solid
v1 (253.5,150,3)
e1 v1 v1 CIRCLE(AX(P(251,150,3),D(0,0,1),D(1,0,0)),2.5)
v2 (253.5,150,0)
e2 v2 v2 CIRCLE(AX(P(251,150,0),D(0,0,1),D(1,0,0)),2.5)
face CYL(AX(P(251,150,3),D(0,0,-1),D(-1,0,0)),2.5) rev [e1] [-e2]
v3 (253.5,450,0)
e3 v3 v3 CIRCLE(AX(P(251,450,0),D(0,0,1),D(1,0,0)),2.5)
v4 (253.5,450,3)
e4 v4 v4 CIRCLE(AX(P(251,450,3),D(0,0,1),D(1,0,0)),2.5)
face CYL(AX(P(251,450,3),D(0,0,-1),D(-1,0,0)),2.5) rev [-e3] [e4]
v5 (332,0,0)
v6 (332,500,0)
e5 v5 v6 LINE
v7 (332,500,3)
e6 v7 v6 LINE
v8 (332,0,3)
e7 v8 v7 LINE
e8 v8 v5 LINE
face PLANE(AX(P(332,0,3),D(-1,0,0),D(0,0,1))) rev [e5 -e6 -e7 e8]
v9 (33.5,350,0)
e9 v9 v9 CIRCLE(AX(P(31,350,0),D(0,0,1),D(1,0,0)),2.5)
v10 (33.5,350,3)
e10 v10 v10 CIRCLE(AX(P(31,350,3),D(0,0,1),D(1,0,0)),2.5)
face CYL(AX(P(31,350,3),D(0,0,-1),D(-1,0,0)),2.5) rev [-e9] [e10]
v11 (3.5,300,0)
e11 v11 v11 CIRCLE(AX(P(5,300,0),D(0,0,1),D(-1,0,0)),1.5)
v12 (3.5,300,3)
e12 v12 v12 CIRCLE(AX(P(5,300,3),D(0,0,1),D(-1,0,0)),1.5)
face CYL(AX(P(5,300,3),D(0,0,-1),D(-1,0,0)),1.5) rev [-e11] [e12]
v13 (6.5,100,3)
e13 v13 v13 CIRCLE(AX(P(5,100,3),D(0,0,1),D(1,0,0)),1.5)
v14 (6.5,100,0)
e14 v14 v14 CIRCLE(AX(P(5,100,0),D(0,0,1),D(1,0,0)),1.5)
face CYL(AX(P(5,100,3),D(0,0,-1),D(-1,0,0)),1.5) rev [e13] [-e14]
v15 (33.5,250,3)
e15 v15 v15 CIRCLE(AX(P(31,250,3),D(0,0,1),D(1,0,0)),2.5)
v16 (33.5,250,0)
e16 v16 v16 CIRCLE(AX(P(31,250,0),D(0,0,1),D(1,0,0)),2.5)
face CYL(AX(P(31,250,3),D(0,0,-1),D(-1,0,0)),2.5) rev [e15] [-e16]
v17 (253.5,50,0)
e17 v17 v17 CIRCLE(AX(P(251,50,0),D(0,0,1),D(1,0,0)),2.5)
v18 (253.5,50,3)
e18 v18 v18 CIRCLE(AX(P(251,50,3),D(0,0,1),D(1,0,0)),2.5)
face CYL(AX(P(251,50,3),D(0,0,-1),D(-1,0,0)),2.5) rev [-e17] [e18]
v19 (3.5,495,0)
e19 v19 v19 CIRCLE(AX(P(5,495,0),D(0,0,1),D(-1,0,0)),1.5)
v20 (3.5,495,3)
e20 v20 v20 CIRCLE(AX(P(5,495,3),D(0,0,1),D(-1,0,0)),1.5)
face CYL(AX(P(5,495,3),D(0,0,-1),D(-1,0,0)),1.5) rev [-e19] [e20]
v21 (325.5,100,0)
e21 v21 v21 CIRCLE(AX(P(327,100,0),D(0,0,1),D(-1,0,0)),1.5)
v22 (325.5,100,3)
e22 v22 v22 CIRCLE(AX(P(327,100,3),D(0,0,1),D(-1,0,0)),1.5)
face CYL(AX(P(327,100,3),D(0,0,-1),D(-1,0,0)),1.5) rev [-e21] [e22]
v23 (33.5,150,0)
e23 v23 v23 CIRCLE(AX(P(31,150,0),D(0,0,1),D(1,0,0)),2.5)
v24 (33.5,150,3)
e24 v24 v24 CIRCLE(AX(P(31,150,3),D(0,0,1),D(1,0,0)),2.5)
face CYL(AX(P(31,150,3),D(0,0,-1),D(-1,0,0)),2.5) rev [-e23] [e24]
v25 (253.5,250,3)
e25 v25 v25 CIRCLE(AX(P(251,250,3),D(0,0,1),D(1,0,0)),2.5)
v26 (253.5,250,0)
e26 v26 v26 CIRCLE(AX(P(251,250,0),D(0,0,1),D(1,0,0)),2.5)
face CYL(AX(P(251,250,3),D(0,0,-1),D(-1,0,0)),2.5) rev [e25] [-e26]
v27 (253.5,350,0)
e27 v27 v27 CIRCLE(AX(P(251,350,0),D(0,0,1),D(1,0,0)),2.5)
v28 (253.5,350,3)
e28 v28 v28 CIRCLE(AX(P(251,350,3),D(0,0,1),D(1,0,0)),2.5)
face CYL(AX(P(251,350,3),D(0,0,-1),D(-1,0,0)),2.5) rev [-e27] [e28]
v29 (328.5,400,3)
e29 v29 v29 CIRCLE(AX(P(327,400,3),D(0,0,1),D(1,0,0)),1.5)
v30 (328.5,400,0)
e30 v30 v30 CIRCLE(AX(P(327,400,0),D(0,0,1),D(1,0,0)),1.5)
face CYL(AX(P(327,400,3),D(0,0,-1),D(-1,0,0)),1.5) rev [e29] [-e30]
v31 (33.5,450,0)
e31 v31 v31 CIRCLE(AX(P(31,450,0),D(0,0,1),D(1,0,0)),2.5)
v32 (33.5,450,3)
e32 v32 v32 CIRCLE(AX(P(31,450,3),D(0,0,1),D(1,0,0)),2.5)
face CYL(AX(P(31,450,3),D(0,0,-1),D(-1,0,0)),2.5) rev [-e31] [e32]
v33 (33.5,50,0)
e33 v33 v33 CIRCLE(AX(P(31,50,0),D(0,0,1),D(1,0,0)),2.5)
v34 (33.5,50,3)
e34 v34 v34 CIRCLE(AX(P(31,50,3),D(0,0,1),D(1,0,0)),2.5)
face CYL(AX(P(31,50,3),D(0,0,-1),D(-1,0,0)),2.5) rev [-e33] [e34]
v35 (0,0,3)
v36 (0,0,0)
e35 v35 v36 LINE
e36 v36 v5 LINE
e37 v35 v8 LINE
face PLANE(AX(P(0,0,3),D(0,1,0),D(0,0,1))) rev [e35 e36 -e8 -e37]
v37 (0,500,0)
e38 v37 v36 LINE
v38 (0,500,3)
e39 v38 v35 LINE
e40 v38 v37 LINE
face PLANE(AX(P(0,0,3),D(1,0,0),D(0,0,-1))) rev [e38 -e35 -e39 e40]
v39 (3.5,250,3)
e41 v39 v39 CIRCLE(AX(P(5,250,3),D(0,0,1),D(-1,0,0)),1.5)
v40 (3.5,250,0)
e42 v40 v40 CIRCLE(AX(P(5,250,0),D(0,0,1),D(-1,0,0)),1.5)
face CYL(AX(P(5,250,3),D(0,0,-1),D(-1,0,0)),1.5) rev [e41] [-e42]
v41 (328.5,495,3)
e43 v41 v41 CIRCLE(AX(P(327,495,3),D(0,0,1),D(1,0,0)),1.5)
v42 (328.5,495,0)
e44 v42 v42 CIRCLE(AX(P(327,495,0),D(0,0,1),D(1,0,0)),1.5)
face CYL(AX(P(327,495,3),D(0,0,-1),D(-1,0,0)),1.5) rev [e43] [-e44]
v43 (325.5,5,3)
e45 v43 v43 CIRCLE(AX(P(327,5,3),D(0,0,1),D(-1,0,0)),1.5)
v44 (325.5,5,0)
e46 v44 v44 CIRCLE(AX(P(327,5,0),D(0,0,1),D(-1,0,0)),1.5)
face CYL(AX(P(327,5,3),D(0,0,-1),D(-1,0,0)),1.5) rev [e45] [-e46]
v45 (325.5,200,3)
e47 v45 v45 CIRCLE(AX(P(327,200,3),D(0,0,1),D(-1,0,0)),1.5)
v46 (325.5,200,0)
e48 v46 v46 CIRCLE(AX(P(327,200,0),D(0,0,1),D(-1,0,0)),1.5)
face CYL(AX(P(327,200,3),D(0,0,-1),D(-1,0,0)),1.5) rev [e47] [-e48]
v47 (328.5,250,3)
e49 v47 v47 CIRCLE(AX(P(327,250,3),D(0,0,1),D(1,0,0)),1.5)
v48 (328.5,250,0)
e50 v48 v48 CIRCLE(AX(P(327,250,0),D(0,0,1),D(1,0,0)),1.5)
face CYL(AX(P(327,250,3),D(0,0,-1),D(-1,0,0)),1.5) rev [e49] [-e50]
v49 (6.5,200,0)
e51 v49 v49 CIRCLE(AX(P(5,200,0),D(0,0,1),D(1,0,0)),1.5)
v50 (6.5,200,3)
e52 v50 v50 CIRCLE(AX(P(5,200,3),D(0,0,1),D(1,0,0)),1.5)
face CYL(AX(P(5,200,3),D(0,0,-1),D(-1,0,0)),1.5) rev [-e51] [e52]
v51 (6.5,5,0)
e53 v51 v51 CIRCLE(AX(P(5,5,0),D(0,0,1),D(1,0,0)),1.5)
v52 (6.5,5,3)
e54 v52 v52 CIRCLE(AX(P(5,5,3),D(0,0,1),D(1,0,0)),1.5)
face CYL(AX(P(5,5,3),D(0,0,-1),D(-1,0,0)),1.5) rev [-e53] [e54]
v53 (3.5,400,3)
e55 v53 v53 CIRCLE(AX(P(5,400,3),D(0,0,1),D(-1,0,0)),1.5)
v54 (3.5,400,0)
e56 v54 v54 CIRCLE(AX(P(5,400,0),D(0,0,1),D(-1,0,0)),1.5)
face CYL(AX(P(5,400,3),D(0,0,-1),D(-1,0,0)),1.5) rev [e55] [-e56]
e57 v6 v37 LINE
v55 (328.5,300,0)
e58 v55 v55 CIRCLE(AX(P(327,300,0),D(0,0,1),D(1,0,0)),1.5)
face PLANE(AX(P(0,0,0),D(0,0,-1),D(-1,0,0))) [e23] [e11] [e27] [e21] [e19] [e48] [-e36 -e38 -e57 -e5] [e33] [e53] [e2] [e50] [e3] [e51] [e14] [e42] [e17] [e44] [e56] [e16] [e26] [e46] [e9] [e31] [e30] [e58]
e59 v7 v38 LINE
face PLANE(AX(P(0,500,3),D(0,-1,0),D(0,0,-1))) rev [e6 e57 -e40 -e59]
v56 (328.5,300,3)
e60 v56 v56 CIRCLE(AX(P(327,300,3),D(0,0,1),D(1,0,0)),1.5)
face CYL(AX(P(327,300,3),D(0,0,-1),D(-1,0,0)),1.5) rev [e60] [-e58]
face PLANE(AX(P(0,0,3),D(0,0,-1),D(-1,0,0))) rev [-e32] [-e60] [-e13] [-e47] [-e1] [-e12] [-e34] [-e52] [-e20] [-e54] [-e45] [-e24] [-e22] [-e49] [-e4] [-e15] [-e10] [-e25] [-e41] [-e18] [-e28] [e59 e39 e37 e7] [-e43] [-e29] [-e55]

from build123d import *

# Parameters (mm, degrees)
SKETCH_1_W      = 332
SKETCH_1_H      = 500
SKETCH_1_R      = 1.5
SKETCH_1_R_2    = 2.5
EXTRUDE_1_DEPTH = 3


with BuildPart() as part:
    # 草图1 → 凸台-拉伸1 (new body)
    with BuildSketch(Plane.XY):
        with Locations((166, 250)):
            Rectangle(SKETCH_1_W, SKETCH_1_H)
        with Locations((327, 250)):
            Circle(SKETCH_1_R, mode=Mode.SUBTRACT)
        with Locations((327, 300)):
            Circle(SKETCH_1_R, mode=Mode.SUBTRACT)
        with Locations((327, 400)):
            Circle(SKETCH_1_R, mode=Mode.SUBTRACT)
        with Locations((327, 495)):
            Circle(SKETCH_1_R, mode=Mode.SUBTRACT)
        with Locations(Location((327, 5, 0), (0, 0, 180))):
            Circle(SKETCH_1_R, mode=Mode.SUBTRACT)
        with Locations(Location((327, 100, 0), (0, 0, 180))):
            Circle(SKETCH_1_R, mode=Mode.SUBTRACT)
        with Locations(Location((327, 200, 0), (0, 0, 180))):
            Circle(SKETCH_1_R, mode=Mode.SUBTRACT)
        with Locations((5, 200)):
            Circle(SKETCH_1_R, mode=Mode.SUBTRACT)
        with Locations((5, 100)):
            Circle(SKETCH_1_R, mode=Mode.SUBTRACT)
        with Locations((5, 5)):
            Circle(SKETCH_1_R, mode=Mode.SUBTRACT)
        with Locations(Location((5, 495, 0), (0, 0, 180))):
            Circle(SKETCH_1_R, mode=Mode.SUBTRACT)
        with Locations(Location((5, 400, 0), (0, 0, 180))):
            Circle(SKETCH_1_R, mode=Mode.SUBTRACT)
        with Locations(Location((5, 300, 0), (0, 0, 180))):
            Circle(SKETCH_1_R, mode=Mode.SUBTRACT)
        with Locations(Location((5, 250, 0), (0, 0, 180))):
            Circle(SKETCH_1_R, mode=Mode.SUBTRACT)
        with Locations((251, 250)):
            Circle(SKETCH_1_R_2, mode=Mode.SUBTRACT)
        with Locations((251, 150)):
            Circle(SKETCH_1_R_2, mode=Mode.SUBTRACT)
        with Locations((251, 50)):
            Circle(SKETCH_1_R_2, mode=Mode.SUBTRACT)
        with Locations((251, 350)):
            Circle(SKETCH_1_R_2, mode=Mode.SUBTRACT)
        with Locations((251, 450)):
            Circle(SKETCH_1_R_2, mode=Mode.SUBTRACT)
        with Locations((31, 150)):
            Circle(SKETCH_1_R_2, mode=Mode.SUBTRACT)
        with Locations((31, 350)):
            Circle(SKETCH_1_R_2, mode=Mode.SUBTRACT)
        with Locations((31, 450)):
            Circle(SKETCH_1_R_2, mode=Mode.SUBTRACT)
        with Locations((31, 250)):
            Circle(SKETCH_1_R_2, mode=Mode.SUBTRACT)
        with Locations((31, 50)):
            Circle(SKETCH_1_R_2, mode=Mode.SUBTRACT)
    extrude(amount=EXTRUDE_1_DEPTH)


solid = part.part
